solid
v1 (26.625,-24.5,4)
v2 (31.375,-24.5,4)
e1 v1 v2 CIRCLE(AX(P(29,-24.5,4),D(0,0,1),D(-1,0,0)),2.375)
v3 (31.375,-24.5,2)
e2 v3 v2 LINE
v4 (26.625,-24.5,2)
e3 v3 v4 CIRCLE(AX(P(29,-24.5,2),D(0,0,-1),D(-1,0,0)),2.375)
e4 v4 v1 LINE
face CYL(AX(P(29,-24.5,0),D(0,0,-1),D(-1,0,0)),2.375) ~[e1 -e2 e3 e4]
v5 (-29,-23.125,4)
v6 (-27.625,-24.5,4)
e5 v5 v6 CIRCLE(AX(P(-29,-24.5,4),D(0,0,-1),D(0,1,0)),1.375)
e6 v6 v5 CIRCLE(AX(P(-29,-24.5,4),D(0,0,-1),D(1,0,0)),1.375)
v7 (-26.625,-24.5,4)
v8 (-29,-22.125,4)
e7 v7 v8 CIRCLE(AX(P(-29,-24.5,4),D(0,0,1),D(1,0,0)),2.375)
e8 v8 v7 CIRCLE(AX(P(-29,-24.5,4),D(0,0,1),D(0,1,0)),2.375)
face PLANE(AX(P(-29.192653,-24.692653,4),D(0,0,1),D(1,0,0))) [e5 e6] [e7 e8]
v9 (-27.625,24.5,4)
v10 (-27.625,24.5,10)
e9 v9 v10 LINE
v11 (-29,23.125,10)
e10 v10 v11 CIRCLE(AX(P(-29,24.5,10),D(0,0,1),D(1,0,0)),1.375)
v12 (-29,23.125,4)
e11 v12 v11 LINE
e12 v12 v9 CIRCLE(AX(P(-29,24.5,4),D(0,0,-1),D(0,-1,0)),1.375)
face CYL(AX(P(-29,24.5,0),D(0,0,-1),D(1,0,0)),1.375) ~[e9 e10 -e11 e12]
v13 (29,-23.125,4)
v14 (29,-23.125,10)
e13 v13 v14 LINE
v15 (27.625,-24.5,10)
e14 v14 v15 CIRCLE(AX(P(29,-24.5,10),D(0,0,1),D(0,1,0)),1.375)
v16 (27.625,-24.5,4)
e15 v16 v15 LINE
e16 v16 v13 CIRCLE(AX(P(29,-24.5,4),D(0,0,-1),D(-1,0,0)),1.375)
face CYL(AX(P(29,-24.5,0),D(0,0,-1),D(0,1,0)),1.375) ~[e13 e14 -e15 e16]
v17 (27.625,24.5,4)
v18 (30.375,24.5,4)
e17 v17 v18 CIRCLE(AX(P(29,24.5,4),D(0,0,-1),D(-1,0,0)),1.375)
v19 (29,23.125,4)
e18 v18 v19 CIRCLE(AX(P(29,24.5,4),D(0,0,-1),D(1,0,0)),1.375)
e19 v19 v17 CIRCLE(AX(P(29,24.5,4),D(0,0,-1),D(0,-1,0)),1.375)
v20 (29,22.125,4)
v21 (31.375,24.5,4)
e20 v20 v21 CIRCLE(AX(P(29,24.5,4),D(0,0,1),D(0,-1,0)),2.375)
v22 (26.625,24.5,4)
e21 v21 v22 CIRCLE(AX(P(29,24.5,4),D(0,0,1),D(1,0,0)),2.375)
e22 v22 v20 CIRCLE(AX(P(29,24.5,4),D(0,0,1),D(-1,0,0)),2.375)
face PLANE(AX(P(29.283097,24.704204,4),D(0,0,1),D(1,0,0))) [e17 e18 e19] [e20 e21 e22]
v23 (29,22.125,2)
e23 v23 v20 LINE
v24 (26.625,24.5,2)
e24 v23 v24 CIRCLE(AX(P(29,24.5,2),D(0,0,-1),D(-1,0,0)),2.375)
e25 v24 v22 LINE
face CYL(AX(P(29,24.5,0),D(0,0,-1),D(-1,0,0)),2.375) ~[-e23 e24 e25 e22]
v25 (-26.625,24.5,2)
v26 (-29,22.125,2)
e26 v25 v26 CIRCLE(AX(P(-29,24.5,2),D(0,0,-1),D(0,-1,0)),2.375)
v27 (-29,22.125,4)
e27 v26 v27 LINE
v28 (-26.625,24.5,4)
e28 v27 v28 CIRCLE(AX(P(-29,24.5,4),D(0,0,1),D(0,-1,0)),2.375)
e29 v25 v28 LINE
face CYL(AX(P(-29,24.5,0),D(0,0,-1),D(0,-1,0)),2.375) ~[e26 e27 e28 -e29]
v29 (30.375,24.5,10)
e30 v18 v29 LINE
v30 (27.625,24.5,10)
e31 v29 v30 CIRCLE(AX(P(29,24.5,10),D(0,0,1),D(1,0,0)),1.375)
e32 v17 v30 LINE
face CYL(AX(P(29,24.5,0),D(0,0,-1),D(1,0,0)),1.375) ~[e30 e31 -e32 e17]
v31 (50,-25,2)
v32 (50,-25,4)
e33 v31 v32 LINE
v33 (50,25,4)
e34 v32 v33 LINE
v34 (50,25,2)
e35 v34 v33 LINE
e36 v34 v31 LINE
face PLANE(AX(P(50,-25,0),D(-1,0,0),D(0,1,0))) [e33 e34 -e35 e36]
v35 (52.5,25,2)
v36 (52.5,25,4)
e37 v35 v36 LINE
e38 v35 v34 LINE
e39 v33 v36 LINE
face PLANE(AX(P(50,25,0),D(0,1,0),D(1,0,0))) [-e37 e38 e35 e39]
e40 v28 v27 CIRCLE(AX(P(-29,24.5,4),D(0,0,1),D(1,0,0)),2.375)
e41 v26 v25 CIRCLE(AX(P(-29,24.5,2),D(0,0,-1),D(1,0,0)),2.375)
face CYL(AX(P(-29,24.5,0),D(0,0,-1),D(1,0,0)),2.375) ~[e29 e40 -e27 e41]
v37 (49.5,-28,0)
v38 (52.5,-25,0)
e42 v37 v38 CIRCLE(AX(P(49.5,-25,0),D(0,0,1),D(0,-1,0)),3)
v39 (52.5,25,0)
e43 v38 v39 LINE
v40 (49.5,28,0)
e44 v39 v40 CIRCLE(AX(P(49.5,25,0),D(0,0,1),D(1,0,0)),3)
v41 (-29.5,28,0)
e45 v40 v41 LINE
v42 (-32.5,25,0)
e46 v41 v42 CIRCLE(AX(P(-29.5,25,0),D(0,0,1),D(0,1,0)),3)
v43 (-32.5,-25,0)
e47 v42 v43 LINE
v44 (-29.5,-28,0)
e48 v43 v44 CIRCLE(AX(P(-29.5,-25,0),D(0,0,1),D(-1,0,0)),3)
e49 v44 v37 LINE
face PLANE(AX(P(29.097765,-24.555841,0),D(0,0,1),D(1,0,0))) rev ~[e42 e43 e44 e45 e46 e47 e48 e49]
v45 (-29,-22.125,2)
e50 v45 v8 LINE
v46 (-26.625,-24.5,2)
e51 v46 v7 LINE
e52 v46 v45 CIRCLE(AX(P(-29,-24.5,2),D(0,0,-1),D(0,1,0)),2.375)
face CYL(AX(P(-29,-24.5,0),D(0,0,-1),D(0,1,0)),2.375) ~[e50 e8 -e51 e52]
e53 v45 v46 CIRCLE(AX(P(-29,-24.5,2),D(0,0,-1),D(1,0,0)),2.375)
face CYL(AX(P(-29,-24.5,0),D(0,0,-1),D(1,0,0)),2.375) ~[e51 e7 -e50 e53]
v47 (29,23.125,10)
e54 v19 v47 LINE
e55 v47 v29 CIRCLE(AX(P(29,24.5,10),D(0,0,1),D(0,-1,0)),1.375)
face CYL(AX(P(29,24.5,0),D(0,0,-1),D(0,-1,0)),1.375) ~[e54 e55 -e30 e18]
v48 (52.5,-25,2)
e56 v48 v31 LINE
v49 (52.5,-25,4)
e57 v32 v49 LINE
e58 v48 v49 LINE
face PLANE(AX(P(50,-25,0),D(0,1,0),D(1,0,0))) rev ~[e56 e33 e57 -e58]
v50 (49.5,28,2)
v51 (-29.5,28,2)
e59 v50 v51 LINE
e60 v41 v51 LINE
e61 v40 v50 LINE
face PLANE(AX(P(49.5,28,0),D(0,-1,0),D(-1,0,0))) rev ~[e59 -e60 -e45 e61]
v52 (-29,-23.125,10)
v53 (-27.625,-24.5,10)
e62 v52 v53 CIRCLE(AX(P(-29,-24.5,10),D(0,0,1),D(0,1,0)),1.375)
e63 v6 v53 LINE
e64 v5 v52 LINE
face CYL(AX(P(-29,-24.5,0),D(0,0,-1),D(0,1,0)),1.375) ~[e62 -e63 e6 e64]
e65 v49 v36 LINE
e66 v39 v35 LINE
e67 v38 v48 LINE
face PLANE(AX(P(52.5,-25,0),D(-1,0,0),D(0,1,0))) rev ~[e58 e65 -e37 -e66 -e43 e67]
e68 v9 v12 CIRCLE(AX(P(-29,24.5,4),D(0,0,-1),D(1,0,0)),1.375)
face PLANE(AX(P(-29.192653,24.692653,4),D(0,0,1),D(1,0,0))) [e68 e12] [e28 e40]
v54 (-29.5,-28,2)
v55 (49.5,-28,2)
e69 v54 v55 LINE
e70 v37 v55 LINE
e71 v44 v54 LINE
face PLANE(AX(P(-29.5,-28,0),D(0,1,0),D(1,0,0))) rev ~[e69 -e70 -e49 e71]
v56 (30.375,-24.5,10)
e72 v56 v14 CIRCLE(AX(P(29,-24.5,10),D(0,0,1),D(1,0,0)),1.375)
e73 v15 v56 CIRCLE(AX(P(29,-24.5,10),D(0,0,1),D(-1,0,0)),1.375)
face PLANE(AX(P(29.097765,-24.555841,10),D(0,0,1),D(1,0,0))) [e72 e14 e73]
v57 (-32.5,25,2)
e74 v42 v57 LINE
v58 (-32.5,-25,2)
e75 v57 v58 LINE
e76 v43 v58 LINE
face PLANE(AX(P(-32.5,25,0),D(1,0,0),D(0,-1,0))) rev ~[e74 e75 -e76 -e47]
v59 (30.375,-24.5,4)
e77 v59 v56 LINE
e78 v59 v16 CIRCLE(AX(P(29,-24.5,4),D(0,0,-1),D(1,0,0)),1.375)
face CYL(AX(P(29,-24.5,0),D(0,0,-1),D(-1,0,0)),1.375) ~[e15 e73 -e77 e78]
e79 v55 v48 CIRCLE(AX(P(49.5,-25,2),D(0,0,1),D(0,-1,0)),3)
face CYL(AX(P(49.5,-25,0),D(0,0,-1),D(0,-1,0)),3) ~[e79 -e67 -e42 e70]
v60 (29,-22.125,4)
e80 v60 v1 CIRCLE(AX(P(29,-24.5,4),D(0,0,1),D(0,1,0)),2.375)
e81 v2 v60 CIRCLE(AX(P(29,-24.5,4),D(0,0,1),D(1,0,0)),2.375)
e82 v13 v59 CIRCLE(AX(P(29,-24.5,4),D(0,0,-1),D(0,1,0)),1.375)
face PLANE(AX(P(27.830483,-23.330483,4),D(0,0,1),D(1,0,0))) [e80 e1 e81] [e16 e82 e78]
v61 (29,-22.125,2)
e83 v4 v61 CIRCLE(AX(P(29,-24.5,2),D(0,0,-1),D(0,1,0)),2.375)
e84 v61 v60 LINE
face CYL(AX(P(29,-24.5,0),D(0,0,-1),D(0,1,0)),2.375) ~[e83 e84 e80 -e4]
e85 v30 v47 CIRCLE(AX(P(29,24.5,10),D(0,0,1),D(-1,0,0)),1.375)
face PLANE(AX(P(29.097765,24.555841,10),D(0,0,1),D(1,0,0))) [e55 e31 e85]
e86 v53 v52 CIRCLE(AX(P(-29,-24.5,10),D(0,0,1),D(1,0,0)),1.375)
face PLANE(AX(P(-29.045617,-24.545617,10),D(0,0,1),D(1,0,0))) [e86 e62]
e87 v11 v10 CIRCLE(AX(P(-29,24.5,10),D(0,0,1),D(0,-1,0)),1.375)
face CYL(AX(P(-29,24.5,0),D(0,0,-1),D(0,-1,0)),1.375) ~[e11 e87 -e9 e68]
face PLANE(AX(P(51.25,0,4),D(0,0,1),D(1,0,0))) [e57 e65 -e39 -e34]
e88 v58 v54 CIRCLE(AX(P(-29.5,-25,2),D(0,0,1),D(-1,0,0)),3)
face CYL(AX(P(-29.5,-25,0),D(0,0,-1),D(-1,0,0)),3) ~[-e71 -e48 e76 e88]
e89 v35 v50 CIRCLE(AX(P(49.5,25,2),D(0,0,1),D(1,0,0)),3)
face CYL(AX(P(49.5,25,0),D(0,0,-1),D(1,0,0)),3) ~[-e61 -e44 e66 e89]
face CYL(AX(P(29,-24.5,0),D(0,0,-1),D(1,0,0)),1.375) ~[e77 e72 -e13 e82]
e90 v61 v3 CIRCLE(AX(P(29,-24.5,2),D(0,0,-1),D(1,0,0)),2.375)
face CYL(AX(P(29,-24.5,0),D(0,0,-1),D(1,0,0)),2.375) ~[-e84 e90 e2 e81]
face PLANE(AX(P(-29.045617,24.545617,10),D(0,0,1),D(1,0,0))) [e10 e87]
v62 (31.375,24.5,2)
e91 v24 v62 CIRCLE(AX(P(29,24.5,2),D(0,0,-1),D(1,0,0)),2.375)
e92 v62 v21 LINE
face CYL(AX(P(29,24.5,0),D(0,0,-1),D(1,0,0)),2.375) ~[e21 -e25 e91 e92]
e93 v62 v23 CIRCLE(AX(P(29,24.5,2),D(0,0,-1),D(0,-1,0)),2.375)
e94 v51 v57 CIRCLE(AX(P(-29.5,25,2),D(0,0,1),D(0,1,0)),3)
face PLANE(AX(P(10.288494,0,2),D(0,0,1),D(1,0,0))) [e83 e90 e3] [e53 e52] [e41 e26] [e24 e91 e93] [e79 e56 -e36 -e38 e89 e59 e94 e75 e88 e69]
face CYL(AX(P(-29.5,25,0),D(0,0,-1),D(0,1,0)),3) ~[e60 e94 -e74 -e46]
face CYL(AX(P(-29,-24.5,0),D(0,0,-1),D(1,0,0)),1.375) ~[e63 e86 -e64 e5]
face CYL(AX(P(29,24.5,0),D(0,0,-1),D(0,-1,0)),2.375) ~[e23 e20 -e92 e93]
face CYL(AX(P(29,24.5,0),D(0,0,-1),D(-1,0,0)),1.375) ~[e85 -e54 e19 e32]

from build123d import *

# Parameters (mm, degrees)
F0_W     = 2.5
F0_H     = 50
F1_DEPTH = 2
F2_DEPTH = 4
F3_DEPTH = 4
F4_DEPTH = 10


with BuildPart() as f1:
    # F0 (on Top) → F1 (new body)
    with BuildSketch(Plane.XY):
        with BuildLine():
            ThreePointArc((-32.5, -25), (-31.6213203436, -27.1213203436), (-29.5, -28))
            Line((-29.5, -28), (-29.0716141462, -28))
            Line((-29.0716141462, -28), (49.5, -28))
            ThreePointArc((49.5, -28), (51.6213203436, -27.1213203436), (52.5, -25))
            Line((52.5, -25), (50, -25))
            Line((50, -25), (50, 25))
            Line((50, 25), (52.5, 25))
            ThreePointArc((52.5, 25), (51.6213203436, 27.1213203436), (49.5, 28))
            Line((49.5, 28), (-29.5, 28))
            ThreePointArc((-29.5, 28), (-31.6213203436, 27.1213203436), (-32.5, 25))
            Line((-32.5, 25), (-32.5, -24.5))
            Line((-32.5, -24.5), (-32.5, -25))
        make_face()
        with BuildLine():
            ThreePointArc((-29, 22.125), (-30.6793786053, 26.1793786053), (-26.625, 24.5))
            Line((-26.625, 24.5), (26.625, 24.5))
            ThreePointArc((26.625, 24.5), (29, 26.875), (31.375, 24.5))
            ThreePointArc((31.375, 24.5), (30.6793786053, 22.8206213947), (29, 22.125))
            Line((29, 22.125), (29, -22.125))
            ThreePointArc((29, -22.125), (30.6793786053, -22.8206213947), (31.375, -24.5))
            ThreePointArc((31.375, -24.5), (29, -26.875), (26.625, -24.5))
            Line((26.625, -24.5), (-26.625, -24.5))
            ThreePointArc((-26.625, -24.5), (-30.6793786053, -26.1793786053), (-29, -22.125))
            Line((-29, -22.125), (-29, 22.125))
        make_face(mode=Mode.SUBTRACT)
        with BuildLine():
            Line((26.625, 24.5), (-26.625, 24.5))
            ThreePointArc((-26.625, 24.5), (-27.3206213947, 22.8206213947), (-29, 22.125))
            Line((-29, 22.125), (-29, -22.125))
            ThreePointArc((-29, -22.125), (-27.3206213947, -22.8206213947), (-26.625, -24.5))
            Line((-26.625, -24.5), (26.625, -24.5))
            ThreePointArc((26.625, -24.5), (27.3206213947, -22.8206213947), (29, -22.125))
            Line((29, -22.125), (29, 22.125))
            ThreePointArc((29, 22.125), (27.3206213947, 22.8206213947), (26.625, 24.5))
        make_face()
        with BuildLine():
            Line((-29, 23.125), (-29, 24.5))
            Line((-29, 24.5), (-27.625, 24.5))
            ThreePointArc((-27.625, 24.5), (-29.9722718241, 25.4722718241), (-29, 23.125))
        make_face()
        with BuildLine():
            ThreePointArc((-29, 23.125), (-29.9722718241, 25.4722718241), (-27.625, 24.5))
            Line((-27.625, 24.5), (-26.625, 24.5))
            ThreePointArc((-26.625, 24.5), (-30.6793786053, 26.1793786053), (-29, 22.125))
            Line((-29, 22.125), (-29, 23.125))
        make_face()
        with BuildLine():
            Line((-27.625, 24.5), (-29, 24.5))
            Line((-29, 24.5), (-29, 23.125))
            ThreePointArc((-29, 23.125), (-28.0277281759, 23.5277281759), (-27.625, 24.5))
        make_face()
        with BuildLine():
            Line((-26.625, 24.5), (-27.625, 24.5))
            ThreePointArc((-27.625, 24.5), (-28.0277281759, 23.5277281759), (-29, 23.125))
            Line((-29, 23.125), (-29, 22.125))
            ThreePointArc((-29, 22.125), (-27.3206213947, 22.8206213947), (-26.625, 24.5))
        make_face()
        with BuildLine():
            Line((-29, -24.5), (-29, -23.125))
            ThreePointArc((-29, -23.125), (-29.9722718241, -25.4722718241), (-27.625, -24.5))
            Line((-27.625, -24.5), (-29, -24.5))
        make_face()
        with BuildLine():
            Line((-29, -23.125), (-29, -22.125))
            ThreePointArc((-29, -22.125), (-30.6793786053, -26.1793786053), (-26.625, -24.5))
            Line((-26.625, -24.5), (-27.625, -24.5))
            ThreePointArc((-27.625, -24.5), (-29.9722718241, -25.4722718241), (-29, -23.125))
        make_face()
        with BuildLine():
            ThreePointArc((-27.625, -24.5), (-28.0277281759, -23.5277281759), (-29, -23.125))
            Line((-29, -23.125), (-29, -24.5))
            Line((-29, -24.5), (-27.625, -24.5))
        make_face()
        with BuildLine():
            ThreePointArc((-26.625, -24.5), (-27.3206213947, -22.8206213947), (-29, -22.125))
            Line((-29, -22.125), (-29, -23.125))
            ThreePointArc((-29, -23.125), (-28.0277281759, -23.5277281759), (-27.625, -24.5))
            Line((-27.625, -24.5), (-26.625, -24.5))
        make_face()
        with BuildLine():
            Line((29, -23.125), (29, -22.125))
            ThreePointArc((29, -22.125), (27.3206213947, -22.8206213947), (26.625, -24.5))
            Line((26.625, -24.5), (27.625, -24.5))
            ThreePointArc((27.625, -24.5), (28.0277281759, -23.5277281759), (29, -23.125))
        make_face()
        with BuildLine():
            Line((29, -24.5), (29, -23.125))
            ThreePointArc((29, -23.125), (28.0277281759, -23.5277281759), (27.625, -24.5))
            Line((27.625, -24.5), (29, -24.5))
        make_face()
        with BuildLine():
            ThreePointArc((31.375, -24.5), (30.6793786053, -22.8206213947), (29, -22.125))
            Line((29, -22.125), (29, -23.125))
            ThreePointArc((29, -23.125), (29.9722718241, -23.5277281759), (30.375, -24.5))
            ThreePointArc((30.375, -24.5), (29, -25.875), (27.625, -24.5))
            Line((27.625, -24.5), (26.625, -24.5))
            ThreePointArc((26.625, -24.5), (29, -26.875), (31.375, -24.5))
        make_face()
        with BuildLine():
            ThreePointArc((30.375, -24.5), (29.9722718241, -23.5277281759), (29, -23.125))
            Line((29, -23.125), (29, -24.5))
            Line((29, -24.5), (27.625, -24.5))
            ThreePointArc((27.625, -24.5), (29, -25.875), (30.375, -24.5))
        make_face()
        with BuildLine():
            ThreePointArc((31.375, 24.5), (29, 26.875), (26.625, 24.5))
            Line((26.625, 24.5), (27.625, 24.5))
            ThreePointArc((27.625, 24.5), (29, 25.875), (30.375, 24.5))
            ThreePointArc((30.375, 24.5), (29.9722718241, 23.5277281759), (29, 23.125))
            Line((29, 23.125), (29, 22.125))
            ThreePointArc((29, 22.125), (30.6793786053, 22.8206213947), (31.375, 24.5))
        make_face()
        with BuildLine():
            ThreePointArc((30.375, 24.5), (29, 25.875), (27.625, 24.5))
            Line((27.625, 24.5), (29, 24.5))
            Line((29, 24.5), (29, 23.125))
            ThreePointArc((29, 23.125), (29.9722718241, 23.5277281759), (30.375, 24.5))
        make_face()
        with BuildLine():
            Line((29, 24.5), (27.625, 24.5))
            ThreePointArc((27.625, 24.5), (28.0277281759, 23.5277281759), (29, 23.125))
            Line((29, 23.125), (29, 24.5))
        make_face()
        with BuildLine():
            Line((27.625, 24.5), (26.625, 24.5))
            ThreePointArc((26.625, 24.5), (27.3206213947, 22.8206213947), (29, 22.125))
            Line((29, 22.125), (29, 23.125))
            ThreePointArc((29, 23.125), (28.0277281759, 23.5277281759), (27.625, 24.5))
        make_face()
        with Locations((51.25, 0)):
            Rectangle(F0_W, F0_H)
    extrude(amount=F1_DEPTH)

    # F0 (on Top) → F2 (join)
    with BuildSketch(Plane.XY):
        with Locations((51.25, 0)):
            Rectangle(F0_W, F0_H)
    extrude(amount=F2_DEPTH)

    # F0 (on Top) → F3 (join)
    with BuildSketch(Plane.XY):
        with BuildLine():
            Line((-29, -23.125), (-29, -22.125))
            ThreePointArc((-29, -22.125), (-30.6793786053, -26.1793786053), (-26.625, -24.5))
            Line((-26.625, -24.5), (-27.625, -24.5))
            ThreePointArc((-27.625, -24.5), (-29.9722718241, -25.4722718241), (-29, -23.125))
        make_face()
        with BuildLine():
            ThreePointArc((-26.625, -24.5), (-27.3206213947, -22.8206213947), (-29, -22.125))
            Line((-29, -22.125), (-29, -23.125))
            ThreePointArc((-29, -23.125), (-28.0277281759, -23.5277281759), (-27.625, -24.5))
            Line((-27.625, -24.5), (-26.625, -24.5))
        make_face()
        with BuildLine():
            Line((29, -23.125), (29, -22.125))
            ThreePointArc((29, -22.125), (27.3206213947, -22.8206213947), (26.625, -24.5))
            Line((26.625, -24.5), (27.625, -24.5))
            ThreePointArc((27.625, -24.5), (28.0277281759, -23.5277281759), (29, -23.125))
        make_face()
        with BuildLine():
            ThreePointArc((31.375, -24.5), (30.6793786053, -22.8206213947), (29, -22.125))
            Line((29, -22.125), (29, -23.125))
            ThreePointArc((29, -23.125), (29.9722718241, -23.5277281759), (30.375, -24.5))
            ThreePointArc((30.375, -24.5), (29, -25.875), (27.625, -24.5))
            Line((27.625, -24.5), (26.625, -24.5))
            ThreePointArc((26.625, -24.5), (29, -26.875), (31.375, -24.5))
        make_face()
        with BuildLine():
            ThreePointArc((31.375, 24.5), (29, 26.875), (26.625, 24.5))
            Line((26.625, 24.5), (27.625, 24.5))
            ThreePointArc((27.625, 24.5), (29, 25.875), (30.375, 24.5))
            ThreePointArc((30.375, 24.5), (29.9722718241, 23.5277281759), (29, 23.125))
            Line((29, 23.125), (29, 22.125))
            ThreePointArc((29, 22.125), (30.6793786053, 22.8206213947), (31.375, 24.5))
        make_face()
        with BuildLine():
            Line((27.625, 24.5), (26.625, 24.5))
            ThreePointArc((26.625, 24.5), (27.3206213947, 22.8206213947), (29, 22.125))
            Line((29, 22.125), (29, 23.125))
            ThreePointArc((29, 23.125), (28.0277281759, 23.5277281759), (27.625, 24.5))
        make_face()
        with BuildLine():
            ThreePointArc((-29, 23.125), (-29.9722718241, 25.4722718241), (-27.625, 24.5))
            Line((-27.625, 24.5), (-26.625, 24.5))
            ThreePointArc((-26.625, 24.5), (-30.6793786053, 26.1793786053), (-29, 22.125))
            Line((-29, 22.125), (-29, 23.125))
        make_face()
        with BuildLine():
            Line((-26.625, 24.5), (-27.625, 24.5))
            ThreePointArc((-27.625, 24.5), (-28.0277281759, 23.5277281759), (-29, 23.125))
            Line((-29, 23.125), (-29, 22.125))
            ThreePointArc((-29, 22.125), (-27.3206213947, 22.8206213947), (-26.625, 24.5))
        make_face()
    extrude(amount=F3_DEPTH)

    # F0 (on Top) → F4 (join)
    with BuildSketch(Plane.XY):
        with BuildLine():
            ThreePointArc((30.375, -24.5), (29.9722718241, -23.5277281759), (29, -23.125))
            Line((29, -23.125), (29, -24.5))
            Line((29, -24.5), (27.625, -24.5))
            ThreePointArc((27.625, -24.5), (29, -25.875), (30.375, -24.5))
        make_face()
        with BuildLine():
            Line((29, -24.5), (29, -23.125))
            ThreePointArc((29, -23.125), (28.0277281759, -23.5277281759), (27.625, -24.5))
            Line((27.625, -24.5), (29, -24.5))
        make_face()
        with BuildLine():
            Line((-29, -24.5), (-29, -23.125))
            ThreePointArc((-29, -23.125), (-29.9722718241, -25.4722718241), (-27.625, -24.5))
            Line((-27.625, -24.5), (-29, -24.5))
        make_face()
        with BuildLine():
            ThreePointArc((-27.625, -24.5), (-28.0277281759, -23.5277281759), (-29, -23.125))
            Line((-29, -23.125), (-29, -24.5))
            Line((-29, -24.5), (-27.625, -24.5))
        make_face()
        with BuildLine():
            Line((-29, 23.125), (-29, 24.5))
            Line((-29, 24.5), (-27.625, 24.5))
            ThreePointArc((-27.625, 24.5), (-29.9722718241, 25.4722718241), (-29, 23.125))
        make_face()
        with BuildLine():
            Line((-27.625, 24.5), (-29, 24.5))
            Line((-29, 24.5), (-29, 23.125))
            ThreePointArc((-29, 23.125), (-28.0277281759, 23.5277281759), (-27.625, 24.5))
        make_face()
        with BuildLine():
            ThreePointArc((30.375, 24.5), (29, 25.875), (27.625, 24.5))
            Line((27.625, 24.5), (29, 24.5))
            Line((29, 24.5), (29, 23.125))
            ThreePointArc((29, 23.125), (29.9722718241, 23.5277281759), (30.375, 24.5))
        make_face()
        with BuildLine():
            Line((29, 24.5), (27.625, 24.5))
            ThreePointArc((27.625, 24.5), (28.0277281759, 23.5277281759), (29, 23.125))
            Line((29, 23.125), (29, 24.5))
        make_face()
    extrude(amount=F4_DEPTH)


solid = f1.part
